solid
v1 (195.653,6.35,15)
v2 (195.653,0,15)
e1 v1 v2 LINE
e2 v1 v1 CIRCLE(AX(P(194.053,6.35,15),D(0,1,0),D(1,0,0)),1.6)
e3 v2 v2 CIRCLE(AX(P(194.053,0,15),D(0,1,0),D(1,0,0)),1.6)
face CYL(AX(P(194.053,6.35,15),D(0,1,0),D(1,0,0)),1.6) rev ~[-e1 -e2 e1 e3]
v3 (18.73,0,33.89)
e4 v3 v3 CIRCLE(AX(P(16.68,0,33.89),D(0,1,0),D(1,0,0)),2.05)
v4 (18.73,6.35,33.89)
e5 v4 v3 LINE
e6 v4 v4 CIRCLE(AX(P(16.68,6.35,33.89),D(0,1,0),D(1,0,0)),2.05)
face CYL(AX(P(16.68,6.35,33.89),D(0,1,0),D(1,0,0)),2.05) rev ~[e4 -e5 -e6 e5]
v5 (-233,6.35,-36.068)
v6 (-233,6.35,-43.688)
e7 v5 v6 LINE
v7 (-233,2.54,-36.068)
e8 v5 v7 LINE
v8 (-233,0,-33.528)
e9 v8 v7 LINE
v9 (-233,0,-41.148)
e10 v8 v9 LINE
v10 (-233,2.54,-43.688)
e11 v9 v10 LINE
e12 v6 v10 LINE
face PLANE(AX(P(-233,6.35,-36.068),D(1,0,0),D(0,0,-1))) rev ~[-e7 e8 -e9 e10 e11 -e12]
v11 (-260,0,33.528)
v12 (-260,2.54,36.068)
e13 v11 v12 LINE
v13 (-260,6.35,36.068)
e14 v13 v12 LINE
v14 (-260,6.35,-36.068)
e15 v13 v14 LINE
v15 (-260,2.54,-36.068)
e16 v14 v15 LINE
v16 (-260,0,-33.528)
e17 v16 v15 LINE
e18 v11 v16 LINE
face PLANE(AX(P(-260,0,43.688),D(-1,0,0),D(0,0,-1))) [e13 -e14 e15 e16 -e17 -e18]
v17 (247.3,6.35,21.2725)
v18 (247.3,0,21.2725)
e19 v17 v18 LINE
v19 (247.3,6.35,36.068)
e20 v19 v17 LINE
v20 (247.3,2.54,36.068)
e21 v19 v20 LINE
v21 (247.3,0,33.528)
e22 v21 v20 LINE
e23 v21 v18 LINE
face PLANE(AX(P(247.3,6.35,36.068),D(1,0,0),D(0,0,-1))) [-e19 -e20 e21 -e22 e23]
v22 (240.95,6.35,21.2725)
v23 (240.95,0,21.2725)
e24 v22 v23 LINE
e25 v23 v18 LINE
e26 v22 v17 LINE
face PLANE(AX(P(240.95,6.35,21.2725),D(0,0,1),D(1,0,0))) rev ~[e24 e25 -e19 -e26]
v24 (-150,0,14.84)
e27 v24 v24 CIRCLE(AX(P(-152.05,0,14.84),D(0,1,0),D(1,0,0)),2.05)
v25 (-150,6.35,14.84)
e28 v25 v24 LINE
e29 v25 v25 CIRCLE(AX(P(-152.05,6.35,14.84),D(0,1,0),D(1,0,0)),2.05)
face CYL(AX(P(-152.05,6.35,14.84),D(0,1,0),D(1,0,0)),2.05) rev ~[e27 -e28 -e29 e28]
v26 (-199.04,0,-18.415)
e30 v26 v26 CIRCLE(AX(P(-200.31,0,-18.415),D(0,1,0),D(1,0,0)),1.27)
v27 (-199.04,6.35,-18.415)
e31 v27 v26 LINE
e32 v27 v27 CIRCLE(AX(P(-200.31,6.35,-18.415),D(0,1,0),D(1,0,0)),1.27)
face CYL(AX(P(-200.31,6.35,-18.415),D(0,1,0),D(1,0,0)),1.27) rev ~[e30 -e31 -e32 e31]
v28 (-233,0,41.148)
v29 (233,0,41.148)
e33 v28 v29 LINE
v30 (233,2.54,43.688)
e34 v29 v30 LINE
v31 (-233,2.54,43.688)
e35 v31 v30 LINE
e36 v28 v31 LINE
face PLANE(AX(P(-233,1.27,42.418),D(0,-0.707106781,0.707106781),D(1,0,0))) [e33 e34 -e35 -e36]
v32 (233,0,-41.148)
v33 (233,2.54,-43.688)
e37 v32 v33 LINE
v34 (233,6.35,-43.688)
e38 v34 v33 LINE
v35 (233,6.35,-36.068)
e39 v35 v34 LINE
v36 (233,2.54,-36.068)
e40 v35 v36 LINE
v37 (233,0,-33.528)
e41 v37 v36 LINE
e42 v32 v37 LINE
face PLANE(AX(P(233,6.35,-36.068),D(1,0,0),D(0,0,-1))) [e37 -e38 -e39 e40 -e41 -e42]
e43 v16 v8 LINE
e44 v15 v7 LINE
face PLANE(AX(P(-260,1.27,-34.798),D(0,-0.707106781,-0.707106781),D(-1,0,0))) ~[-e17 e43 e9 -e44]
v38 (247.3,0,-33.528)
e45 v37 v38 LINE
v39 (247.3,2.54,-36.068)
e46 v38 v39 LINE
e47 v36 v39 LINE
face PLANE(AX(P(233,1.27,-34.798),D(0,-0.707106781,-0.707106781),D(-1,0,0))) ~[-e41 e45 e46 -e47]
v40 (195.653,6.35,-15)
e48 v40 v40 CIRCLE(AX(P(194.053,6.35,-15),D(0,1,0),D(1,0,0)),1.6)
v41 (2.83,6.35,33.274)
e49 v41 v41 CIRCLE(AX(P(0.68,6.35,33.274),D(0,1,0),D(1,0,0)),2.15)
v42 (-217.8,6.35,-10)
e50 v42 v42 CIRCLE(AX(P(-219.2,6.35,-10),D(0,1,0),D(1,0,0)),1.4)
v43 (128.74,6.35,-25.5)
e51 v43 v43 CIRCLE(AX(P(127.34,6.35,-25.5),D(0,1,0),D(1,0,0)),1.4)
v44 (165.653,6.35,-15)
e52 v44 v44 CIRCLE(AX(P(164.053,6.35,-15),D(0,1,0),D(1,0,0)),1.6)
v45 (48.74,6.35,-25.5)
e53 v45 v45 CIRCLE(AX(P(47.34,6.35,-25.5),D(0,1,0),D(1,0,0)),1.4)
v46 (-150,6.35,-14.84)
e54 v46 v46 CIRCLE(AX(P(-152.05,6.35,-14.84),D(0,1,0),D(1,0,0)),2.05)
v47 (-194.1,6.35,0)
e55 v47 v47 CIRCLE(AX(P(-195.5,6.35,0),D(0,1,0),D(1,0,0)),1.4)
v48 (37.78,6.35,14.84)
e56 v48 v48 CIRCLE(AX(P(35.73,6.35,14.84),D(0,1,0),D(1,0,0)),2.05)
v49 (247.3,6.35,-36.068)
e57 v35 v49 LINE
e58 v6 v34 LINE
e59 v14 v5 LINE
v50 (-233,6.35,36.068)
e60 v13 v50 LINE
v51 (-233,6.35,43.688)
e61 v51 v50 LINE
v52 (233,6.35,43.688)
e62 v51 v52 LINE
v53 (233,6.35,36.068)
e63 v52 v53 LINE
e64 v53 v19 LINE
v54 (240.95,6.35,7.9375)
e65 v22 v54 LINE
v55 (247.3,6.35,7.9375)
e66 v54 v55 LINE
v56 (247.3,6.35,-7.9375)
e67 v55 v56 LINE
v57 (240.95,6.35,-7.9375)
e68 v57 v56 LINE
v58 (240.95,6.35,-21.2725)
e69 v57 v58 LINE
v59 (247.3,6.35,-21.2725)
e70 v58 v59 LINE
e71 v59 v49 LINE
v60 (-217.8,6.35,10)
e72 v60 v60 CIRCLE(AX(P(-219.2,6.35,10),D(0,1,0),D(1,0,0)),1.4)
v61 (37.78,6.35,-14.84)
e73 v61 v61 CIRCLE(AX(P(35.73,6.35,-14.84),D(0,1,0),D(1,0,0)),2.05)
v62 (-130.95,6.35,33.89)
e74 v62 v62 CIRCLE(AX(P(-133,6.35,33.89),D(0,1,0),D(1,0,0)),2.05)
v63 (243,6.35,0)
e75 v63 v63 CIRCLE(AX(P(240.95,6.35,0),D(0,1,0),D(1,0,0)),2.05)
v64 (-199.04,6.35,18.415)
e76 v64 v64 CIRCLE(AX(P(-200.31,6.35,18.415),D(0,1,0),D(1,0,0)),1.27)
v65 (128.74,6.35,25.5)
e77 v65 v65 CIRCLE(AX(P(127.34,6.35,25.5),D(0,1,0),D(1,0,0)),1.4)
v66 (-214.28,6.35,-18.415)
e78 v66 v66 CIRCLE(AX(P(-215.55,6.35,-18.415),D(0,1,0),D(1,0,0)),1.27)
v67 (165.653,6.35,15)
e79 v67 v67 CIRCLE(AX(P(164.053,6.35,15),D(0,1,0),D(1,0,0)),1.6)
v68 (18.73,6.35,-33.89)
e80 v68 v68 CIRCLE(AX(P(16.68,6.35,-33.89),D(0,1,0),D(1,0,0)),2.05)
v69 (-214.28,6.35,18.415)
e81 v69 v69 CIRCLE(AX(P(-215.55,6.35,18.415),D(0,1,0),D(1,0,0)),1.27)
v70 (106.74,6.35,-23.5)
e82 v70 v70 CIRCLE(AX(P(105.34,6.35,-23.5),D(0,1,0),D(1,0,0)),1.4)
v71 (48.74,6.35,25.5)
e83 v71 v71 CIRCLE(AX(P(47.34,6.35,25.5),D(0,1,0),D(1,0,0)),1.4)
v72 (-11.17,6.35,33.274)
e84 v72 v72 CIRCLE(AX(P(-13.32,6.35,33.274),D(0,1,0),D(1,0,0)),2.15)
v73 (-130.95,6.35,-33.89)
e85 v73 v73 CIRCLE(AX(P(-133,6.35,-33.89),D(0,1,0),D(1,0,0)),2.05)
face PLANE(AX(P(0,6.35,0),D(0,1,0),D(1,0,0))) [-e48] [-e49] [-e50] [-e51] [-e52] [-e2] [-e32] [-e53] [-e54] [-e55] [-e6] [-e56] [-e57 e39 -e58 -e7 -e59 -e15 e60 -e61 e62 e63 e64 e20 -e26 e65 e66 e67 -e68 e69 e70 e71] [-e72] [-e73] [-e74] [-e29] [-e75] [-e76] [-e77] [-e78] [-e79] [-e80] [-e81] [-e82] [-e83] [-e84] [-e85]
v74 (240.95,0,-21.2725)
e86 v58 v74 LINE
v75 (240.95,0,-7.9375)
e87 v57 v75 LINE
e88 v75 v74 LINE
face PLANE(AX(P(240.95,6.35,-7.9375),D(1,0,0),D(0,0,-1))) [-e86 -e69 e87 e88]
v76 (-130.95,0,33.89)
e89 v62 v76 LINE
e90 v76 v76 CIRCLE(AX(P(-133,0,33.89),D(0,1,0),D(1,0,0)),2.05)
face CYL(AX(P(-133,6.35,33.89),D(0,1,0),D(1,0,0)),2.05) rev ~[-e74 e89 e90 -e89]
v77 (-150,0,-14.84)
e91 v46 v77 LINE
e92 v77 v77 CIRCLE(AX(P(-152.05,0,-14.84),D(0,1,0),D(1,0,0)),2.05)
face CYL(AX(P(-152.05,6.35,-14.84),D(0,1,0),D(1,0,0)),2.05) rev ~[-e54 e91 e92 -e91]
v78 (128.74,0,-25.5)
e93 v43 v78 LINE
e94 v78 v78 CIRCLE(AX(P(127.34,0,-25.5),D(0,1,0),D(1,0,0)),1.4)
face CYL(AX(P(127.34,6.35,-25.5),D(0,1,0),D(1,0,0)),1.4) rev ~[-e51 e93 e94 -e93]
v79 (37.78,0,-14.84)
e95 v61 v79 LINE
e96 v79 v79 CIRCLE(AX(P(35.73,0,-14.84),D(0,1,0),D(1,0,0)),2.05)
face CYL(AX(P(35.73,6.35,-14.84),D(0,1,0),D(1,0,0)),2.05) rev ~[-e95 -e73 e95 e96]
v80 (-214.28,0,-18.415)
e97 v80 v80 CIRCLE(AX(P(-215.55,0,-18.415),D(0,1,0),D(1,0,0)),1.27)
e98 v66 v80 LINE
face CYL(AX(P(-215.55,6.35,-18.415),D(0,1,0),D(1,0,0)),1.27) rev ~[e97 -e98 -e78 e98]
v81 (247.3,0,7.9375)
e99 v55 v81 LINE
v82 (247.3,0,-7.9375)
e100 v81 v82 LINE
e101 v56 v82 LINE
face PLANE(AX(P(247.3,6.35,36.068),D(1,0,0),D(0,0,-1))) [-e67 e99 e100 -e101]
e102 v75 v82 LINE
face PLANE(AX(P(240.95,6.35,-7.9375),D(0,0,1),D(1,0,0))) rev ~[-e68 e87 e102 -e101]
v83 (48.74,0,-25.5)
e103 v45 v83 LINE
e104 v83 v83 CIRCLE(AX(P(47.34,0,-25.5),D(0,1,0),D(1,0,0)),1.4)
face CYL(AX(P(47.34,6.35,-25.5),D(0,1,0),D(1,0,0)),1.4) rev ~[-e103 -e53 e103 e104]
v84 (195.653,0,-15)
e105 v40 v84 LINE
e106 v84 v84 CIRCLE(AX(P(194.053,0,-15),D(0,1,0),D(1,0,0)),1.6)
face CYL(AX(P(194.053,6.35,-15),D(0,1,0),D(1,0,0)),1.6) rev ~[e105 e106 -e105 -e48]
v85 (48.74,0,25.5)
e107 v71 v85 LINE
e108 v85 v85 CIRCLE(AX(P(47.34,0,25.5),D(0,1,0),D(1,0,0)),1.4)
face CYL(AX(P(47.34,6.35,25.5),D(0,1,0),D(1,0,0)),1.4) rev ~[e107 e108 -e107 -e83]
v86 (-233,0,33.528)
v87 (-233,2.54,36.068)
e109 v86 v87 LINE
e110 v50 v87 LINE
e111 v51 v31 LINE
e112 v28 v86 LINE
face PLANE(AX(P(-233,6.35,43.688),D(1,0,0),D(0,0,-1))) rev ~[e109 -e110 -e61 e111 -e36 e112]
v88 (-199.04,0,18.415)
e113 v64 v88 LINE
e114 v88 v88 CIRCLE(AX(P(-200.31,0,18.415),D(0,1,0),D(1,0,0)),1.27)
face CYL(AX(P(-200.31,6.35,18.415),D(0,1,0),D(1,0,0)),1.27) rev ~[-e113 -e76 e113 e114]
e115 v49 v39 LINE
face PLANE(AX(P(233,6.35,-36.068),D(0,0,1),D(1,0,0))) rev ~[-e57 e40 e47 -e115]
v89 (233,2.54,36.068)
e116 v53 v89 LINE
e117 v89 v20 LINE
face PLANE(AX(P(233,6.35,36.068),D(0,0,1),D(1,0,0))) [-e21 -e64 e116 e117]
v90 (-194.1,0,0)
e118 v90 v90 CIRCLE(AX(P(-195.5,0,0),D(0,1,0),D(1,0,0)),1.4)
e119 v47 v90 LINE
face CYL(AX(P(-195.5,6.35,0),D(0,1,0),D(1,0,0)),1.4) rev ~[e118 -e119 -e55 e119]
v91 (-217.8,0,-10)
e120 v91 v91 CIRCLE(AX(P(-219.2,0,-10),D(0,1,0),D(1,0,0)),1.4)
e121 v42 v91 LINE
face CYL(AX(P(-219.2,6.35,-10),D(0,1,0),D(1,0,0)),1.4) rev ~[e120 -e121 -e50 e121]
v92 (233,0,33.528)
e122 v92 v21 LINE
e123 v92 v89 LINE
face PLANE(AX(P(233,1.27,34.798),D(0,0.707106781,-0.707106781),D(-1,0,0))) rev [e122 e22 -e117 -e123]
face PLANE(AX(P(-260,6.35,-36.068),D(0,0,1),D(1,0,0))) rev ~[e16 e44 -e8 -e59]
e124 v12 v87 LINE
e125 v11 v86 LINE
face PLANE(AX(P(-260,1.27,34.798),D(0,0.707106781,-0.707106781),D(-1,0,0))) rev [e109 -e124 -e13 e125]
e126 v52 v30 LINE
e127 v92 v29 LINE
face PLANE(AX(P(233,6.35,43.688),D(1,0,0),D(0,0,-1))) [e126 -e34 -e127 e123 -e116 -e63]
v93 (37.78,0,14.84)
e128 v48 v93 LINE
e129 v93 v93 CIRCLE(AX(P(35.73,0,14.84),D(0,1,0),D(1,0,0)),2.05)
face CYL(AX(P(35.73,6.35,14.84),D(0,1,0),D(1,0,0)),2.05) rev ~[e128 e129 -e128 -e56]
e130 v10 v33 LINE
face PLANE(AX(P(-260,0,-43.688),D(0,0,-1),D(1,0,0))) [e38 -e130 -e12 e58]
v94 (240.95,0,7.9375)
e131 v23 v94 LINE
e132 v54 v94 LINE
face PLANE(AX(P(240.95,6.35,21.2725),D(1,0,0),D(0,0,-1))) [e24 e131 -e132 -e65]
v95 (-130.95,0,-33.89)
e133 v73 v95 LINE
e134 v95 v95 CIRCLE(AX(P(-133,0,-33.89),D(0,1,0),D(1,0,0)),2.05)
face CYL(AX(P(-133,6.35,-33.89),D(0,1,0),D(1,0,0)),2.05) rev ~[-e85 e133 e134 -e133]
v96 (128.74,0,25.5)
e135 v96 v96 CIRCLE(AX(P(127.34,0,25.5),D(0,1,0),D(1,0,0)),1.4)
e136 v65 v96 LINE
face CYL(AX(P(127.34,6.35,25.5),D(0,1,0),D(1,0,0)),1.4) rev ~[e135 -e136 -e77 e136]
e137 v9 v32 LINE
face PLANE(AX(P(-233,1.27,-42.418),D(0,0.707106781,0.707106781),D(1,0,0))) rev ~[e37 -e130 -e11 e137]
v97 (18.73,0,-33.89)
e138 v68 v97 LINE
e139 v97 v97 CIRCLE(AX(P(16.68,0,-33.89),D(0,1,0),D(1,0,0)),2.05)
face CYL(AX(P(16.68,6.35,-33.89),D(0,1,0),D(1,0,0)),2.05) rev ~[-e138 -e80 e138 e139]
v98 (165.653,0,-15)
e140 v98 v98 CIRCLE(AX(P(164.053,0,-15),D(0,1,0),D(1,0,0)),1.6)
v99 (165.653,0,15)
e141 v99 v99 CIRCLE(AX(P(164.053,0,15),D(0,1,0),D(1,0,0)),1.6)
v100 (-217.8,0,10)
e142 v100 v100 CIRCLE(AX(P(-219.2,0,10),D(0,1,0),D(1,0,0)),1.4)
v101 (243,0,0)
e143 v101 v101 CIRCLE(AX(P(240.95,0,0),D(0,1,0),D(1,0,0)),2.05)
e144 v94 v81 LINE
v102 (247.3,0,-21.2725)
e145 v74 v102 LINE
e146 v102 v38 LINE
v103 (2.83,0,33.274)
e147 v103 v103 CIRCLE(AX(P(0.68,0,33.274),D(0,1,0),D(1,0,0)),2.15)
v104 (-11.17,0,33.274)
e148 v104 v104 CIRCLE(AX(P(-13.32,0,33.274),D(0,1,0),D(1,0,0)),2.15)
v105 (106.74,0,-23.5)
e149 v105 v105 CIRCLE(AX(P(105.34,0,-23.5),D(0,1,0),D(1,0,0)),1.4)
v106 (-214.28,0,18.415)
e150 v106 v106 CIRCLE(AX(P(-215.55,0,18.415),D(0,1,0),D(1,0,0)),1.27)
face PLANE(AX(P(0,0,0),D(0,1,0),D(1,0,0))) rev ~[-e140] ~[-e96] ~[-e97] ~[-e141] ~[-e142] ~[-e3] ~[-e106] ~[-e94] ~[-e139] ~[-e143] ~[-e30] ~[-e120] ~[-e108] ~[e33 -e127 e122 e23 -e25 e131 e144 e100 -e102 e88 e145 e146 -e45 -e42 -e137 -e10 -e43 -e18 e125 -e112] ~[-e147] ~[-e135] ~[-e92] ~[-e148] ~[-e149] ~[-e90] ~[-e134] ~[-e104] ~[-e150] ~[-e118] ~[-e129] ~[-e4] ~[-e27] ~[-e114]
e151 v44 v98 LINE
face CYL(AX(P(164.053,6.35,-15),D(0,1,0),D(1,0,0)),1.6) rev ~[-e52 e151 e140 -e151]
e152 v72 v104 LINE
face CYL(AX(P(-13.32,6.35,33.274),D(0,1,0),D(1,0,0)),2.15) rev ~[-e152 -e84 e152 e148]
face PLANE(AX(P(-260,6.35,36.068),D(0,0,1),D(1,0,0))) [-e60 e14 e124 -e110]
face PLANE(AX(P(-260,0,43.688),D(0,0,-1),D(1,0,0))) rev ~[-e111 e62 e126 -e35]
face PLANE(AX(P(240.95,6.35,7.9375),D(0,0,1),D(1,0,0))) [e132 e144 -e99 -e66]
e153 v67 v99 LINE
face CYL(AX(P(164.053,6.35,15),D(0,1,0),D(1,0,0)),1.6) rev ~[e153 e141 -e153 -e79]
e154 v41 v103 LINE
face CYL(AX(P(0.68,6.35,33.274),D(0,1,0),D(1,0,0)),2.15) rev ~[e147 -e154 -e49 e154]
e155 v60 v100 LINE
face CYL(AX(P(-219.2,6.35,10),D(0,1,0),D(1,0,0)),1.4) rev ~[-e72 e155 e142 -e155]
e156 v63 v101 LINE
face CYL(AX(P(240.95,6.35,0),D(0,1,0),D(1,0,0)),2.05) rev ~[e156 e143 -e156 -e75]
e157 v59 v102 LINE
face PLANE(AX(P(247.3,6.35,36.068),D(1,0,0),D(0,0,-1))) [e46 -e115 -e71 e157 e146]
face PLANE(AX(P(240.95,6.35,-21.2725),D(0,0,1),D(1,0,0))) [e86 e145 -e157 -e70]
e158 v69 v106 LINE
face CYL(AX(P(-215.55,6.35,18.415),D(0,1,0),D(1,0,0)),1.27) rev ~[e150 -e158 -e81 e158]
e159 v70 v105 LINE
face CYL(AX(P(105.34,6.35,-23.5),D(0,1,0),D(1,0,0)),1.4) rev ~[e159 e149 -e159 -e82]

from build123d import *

# Parameters (mm, degrees)
SKETCH1_W           = 520
SKETCH1_H           = 87.376
BOSS_EXTRUDE1_DEPTH = 6.35
SKETCH3_W           = 27
SKETCH3_H           = 7.62
CUT_EXTRUDE2_DEPTH  = 7.35
SKETCH6_W           = 12.7
SKETCH6_H           = 72.136
CUT_EXTRUDE5_DEPTH  = 7.35
SKETCH8_R           = 1.4
CUT_EXTRUDE7_DEPTH  = 7.35
SKETCH9_R           = 2.05
CUT_EXTRUDE8_DEPTH  = 7.35
CHAMFER1_SIZE       = 2.54
SKETCH10_R          = 1.4
CUT_EXTRUDE9_DEPTH  = 7.35
SKETCH11_R          = 2.05
CUT_EXTRUDE10_DEPTH = 7.35
SKETCH12_R          = 1.27
CUT_EXTRUDE11_DEPTH = 7.35
SKETCH13_W          = 6.35
SKETCH13_H          = 13.335
CUT_EXTRUDE12_DEPTH = 7.35
SKETCH14_R          = 1.6
CUT_EXTRUDE13_DEPTH = 7.35
SKETCH15_R          = 2.15
CUT_EXTRUDE14_DEPTH = 7.35


with BuildPart() as part:
    # Sketch1 → Boss-Extrude1 (new body)
    with BuildSketch(Plane(origin=(0, 0, 0), x_dir=(1, 0, 0), z_dir=(0, 1, 0))):
        Rectangle(SKETCH1_W, SKETCH1_H)
    extrude(amount=BOSS_EXTRUDE1_DEPTH)

    # Sketch3 → Cut-Extrude2 (cut, through all)
    with BuildSketch(Plane(origin=(0, 6.35, 0), x_dir=(1, 0, 0), z_dir=(0, 1, 0))):
        with Locations((-246.5, 39.878)):
            Rectangle(SKETCH3_W, SKETCH3_H)
        with Locations((-246.5, -39.878)):
            Rectangle(SKETCH3_W, SKETCH3_H)
        with Locations((246.5, -39.878)):
            Rectangle(SKETCH3_W, SKETCH3_H)
        with Locations((246.5, 39.878)):
            Rectangle(SKETCH3_W, SKETCH3_H)
    extrude(amount=-CUT_EXTRUDE2_DEPTH, mode=Mode.SUBTRACT)

    # Sketch6 → Cut-Extrude5 (cut, through all)
    with BuildSketch(Plane(origin=(0, 6.35, 0), x_dir=(1, 0, 0), z_dir=(0, 1, 0))):
        with Locations((253.65, 0)):
            Rectangle(SKETCH6_W, SKETCH6_H)
    extrude(amount=-CUT_EXTRUDE5_DEPTH, mode=Mode.SUBTRACT)

    # Sketch8 → Cut-Extrude7 (cut, through all)
    with BuildSketch(Plane(origin=(0, 6.35, 0), x_dir=(1, 0, 0), z_dir=(0, 1, 0))):
        with Locations((-219.2, 10)):
            Circle(SKETCH8_R)
        with Locations((-219.2, -10)):
            Circle(SKETCH8_R)
        with Locations((-195.5, 0)):
            Circle(SKETCH8_R)
    extrude(amount=-CUT_EXTRUDE7_DEPTH, mode=Mode.SUBTRACT)

    # Sketch9 → Cut-Extrude8 (cut, through all)
    with BuildSketch(Plane(origin=(0, 6.35, 0), x_dir=(1, 0, 0), z_dir=(0, 1, 0))):
        with Locations((-133, 33.89)):
            Circle(SKETCH9_R)
        with Locations((-152.05, 14.84)):
            Circle(SKETCH9_R)
        with Locations((-152.05, -14.84)):
            Circle(SKETCH9_R)
        with Locations((-133, -33.89)):
            Circle(SKETCH9_R)
        with Locations((16.68, 33.89)):
            Circle(SKETCH9_R)
        with Locations((35.73, 14.84)):
            Circle(SKETCH9_R)
        with Locations((35.73, -14.84)):
            Circle(SKETCH9_R)
        with Locations((16.68, -33.89)):
            Circle(SKETCH9_R)
    extrude(amount=-CUT_EXTRUDE8_DEPTH, mode=Mode.SUBTRACT)

    # Chamfer1
    chamfer1_edges = [part.edges().sort_by_distance(p)[0] for p in [
        (0, 0, -43.688),
        (0, 0, 43.688),
        (240.15, 0, -36.068),
        (-246.5, 0, 36.068),
        (-246.5, 0, -36.068),
        (240.15, 0, 36.068),
    ]]
    chamfer(chamfer1_edges, length=CHAMFER1_SIZE)

    # Sketch10 → Cut-Extrude9 (cut, through all)
    with BuildSketch(Plane(origin=(0, 6.35, 0), x_dir=(1, 0, 0), z_dir=(0, 1, 0))):
        with Locations((47.34, 25.5)):
            Circle(SKETCH10_R)
        with Locations((127.34000002, 25.5)):
            Circle(SKETCH10_R)
        with Locations((47.34, -25.5)):
            Circle(SKETCH10_R)
        with Locations((127.34000002, -25.5)):
            Circle(SKETCH10_R)
        with Locations((105.34, 23.5)):
            Circle(SKETCH10_R)
    extrude(amount=-CUT_EXTRUDE9_DEPTH, mode=Mode.SUBTRACT)

    # Sketch11 → Cut-Extrude10 (cut, through all)
    with BuildSketch(Plane(origin=(0, 6.35, 0), x_dir=(1, 0, 0), z_dir=(0, 1, 0))):
        with Locations((240.95, 0)):
            Circle(SKETCH11_R)
    extrude(amount=-CUT_EXTRUDE10_DEPTH, mode=Mode.SUBTRACT)

    # Sketch12 → Cut-Extrude11 (cut, through all)
    with BuildSketch(Plane(origin=(0, 6.35, 0), x_dir=(1, 0, 0), z_dir=(0, 1, 0))):
        with Locations((-215.55, -18.415)):
            Circle(SKETCH12_R)
        with Locations((-215.55, 18.415)):
            Circle(SKETCH12_R)
        with Locations((-200.31, 18.415)):
            Circle(SKETCH12_R)
        with Locations((-200.31, -18.415)):
            Circle(SKETCH12_R)
    extrude(amount=-CUT_EXTRUDE11_DEPTH, mode=Mode.SUBTRACT)

    # Sketch13 → Cut-Extrude12 (cut, through all)
    with BuildSketch(Plane(origin=(0, 6.35, 0), x_dir=(1, 0, 0), z_dir=(0, 1, 0))):
        with Locations((244.125, -14.605)):
            Rectangle(SKETCH13_W, SKETCH13_H)
        with Locations((244.125, 14.605)):
            Rectangle(SKETCH13_W, SKETCH13_H)
    extrude(amount=-CUT_EXTRUDE12_DEPTH, mode=Mode.SUBTRACT)

    # Sketch14 → Cut-Extrude13 (cut, through all)
    with BuildSketch(Plane(origin=(0, 6.35, 0), x_dir=(1, 0, 0), z_dir=(0, 1, 0))):
        with Locations((164.053, -15)):
            Circle(SKETCH14_R)
        with Locations((194.053, -15)):
            Circle(SKETCH14_R)
        with Locations((164.053, 15)):
            Circle(SKETCH14_R)
        with Locations((194.053, 15)):
            Circle(SKETCH14_R)
    extrude(amount=-CUT_EXTRUDE13_DEPTH, mode=Mode.SUBTRACT)

    # Sketch15 → Cut-Extrude14 (cut, through all)
    with BuildSketch(Plane(origin=(0, 6.35, 0), x_dir=(1, 0, 0), z_dir=(0, 1, 0))):
        with Locations((0.68, -33.274)):
            Circle(SKETCH15_R)
        with Locations((-13.32, -33.274)):
            Circle(SKETCH15_R)
    extrude(amount=-CUT_EXTRUDE14_DEPTH, mode=Mode.SUBTRACT)


solid = part.part
